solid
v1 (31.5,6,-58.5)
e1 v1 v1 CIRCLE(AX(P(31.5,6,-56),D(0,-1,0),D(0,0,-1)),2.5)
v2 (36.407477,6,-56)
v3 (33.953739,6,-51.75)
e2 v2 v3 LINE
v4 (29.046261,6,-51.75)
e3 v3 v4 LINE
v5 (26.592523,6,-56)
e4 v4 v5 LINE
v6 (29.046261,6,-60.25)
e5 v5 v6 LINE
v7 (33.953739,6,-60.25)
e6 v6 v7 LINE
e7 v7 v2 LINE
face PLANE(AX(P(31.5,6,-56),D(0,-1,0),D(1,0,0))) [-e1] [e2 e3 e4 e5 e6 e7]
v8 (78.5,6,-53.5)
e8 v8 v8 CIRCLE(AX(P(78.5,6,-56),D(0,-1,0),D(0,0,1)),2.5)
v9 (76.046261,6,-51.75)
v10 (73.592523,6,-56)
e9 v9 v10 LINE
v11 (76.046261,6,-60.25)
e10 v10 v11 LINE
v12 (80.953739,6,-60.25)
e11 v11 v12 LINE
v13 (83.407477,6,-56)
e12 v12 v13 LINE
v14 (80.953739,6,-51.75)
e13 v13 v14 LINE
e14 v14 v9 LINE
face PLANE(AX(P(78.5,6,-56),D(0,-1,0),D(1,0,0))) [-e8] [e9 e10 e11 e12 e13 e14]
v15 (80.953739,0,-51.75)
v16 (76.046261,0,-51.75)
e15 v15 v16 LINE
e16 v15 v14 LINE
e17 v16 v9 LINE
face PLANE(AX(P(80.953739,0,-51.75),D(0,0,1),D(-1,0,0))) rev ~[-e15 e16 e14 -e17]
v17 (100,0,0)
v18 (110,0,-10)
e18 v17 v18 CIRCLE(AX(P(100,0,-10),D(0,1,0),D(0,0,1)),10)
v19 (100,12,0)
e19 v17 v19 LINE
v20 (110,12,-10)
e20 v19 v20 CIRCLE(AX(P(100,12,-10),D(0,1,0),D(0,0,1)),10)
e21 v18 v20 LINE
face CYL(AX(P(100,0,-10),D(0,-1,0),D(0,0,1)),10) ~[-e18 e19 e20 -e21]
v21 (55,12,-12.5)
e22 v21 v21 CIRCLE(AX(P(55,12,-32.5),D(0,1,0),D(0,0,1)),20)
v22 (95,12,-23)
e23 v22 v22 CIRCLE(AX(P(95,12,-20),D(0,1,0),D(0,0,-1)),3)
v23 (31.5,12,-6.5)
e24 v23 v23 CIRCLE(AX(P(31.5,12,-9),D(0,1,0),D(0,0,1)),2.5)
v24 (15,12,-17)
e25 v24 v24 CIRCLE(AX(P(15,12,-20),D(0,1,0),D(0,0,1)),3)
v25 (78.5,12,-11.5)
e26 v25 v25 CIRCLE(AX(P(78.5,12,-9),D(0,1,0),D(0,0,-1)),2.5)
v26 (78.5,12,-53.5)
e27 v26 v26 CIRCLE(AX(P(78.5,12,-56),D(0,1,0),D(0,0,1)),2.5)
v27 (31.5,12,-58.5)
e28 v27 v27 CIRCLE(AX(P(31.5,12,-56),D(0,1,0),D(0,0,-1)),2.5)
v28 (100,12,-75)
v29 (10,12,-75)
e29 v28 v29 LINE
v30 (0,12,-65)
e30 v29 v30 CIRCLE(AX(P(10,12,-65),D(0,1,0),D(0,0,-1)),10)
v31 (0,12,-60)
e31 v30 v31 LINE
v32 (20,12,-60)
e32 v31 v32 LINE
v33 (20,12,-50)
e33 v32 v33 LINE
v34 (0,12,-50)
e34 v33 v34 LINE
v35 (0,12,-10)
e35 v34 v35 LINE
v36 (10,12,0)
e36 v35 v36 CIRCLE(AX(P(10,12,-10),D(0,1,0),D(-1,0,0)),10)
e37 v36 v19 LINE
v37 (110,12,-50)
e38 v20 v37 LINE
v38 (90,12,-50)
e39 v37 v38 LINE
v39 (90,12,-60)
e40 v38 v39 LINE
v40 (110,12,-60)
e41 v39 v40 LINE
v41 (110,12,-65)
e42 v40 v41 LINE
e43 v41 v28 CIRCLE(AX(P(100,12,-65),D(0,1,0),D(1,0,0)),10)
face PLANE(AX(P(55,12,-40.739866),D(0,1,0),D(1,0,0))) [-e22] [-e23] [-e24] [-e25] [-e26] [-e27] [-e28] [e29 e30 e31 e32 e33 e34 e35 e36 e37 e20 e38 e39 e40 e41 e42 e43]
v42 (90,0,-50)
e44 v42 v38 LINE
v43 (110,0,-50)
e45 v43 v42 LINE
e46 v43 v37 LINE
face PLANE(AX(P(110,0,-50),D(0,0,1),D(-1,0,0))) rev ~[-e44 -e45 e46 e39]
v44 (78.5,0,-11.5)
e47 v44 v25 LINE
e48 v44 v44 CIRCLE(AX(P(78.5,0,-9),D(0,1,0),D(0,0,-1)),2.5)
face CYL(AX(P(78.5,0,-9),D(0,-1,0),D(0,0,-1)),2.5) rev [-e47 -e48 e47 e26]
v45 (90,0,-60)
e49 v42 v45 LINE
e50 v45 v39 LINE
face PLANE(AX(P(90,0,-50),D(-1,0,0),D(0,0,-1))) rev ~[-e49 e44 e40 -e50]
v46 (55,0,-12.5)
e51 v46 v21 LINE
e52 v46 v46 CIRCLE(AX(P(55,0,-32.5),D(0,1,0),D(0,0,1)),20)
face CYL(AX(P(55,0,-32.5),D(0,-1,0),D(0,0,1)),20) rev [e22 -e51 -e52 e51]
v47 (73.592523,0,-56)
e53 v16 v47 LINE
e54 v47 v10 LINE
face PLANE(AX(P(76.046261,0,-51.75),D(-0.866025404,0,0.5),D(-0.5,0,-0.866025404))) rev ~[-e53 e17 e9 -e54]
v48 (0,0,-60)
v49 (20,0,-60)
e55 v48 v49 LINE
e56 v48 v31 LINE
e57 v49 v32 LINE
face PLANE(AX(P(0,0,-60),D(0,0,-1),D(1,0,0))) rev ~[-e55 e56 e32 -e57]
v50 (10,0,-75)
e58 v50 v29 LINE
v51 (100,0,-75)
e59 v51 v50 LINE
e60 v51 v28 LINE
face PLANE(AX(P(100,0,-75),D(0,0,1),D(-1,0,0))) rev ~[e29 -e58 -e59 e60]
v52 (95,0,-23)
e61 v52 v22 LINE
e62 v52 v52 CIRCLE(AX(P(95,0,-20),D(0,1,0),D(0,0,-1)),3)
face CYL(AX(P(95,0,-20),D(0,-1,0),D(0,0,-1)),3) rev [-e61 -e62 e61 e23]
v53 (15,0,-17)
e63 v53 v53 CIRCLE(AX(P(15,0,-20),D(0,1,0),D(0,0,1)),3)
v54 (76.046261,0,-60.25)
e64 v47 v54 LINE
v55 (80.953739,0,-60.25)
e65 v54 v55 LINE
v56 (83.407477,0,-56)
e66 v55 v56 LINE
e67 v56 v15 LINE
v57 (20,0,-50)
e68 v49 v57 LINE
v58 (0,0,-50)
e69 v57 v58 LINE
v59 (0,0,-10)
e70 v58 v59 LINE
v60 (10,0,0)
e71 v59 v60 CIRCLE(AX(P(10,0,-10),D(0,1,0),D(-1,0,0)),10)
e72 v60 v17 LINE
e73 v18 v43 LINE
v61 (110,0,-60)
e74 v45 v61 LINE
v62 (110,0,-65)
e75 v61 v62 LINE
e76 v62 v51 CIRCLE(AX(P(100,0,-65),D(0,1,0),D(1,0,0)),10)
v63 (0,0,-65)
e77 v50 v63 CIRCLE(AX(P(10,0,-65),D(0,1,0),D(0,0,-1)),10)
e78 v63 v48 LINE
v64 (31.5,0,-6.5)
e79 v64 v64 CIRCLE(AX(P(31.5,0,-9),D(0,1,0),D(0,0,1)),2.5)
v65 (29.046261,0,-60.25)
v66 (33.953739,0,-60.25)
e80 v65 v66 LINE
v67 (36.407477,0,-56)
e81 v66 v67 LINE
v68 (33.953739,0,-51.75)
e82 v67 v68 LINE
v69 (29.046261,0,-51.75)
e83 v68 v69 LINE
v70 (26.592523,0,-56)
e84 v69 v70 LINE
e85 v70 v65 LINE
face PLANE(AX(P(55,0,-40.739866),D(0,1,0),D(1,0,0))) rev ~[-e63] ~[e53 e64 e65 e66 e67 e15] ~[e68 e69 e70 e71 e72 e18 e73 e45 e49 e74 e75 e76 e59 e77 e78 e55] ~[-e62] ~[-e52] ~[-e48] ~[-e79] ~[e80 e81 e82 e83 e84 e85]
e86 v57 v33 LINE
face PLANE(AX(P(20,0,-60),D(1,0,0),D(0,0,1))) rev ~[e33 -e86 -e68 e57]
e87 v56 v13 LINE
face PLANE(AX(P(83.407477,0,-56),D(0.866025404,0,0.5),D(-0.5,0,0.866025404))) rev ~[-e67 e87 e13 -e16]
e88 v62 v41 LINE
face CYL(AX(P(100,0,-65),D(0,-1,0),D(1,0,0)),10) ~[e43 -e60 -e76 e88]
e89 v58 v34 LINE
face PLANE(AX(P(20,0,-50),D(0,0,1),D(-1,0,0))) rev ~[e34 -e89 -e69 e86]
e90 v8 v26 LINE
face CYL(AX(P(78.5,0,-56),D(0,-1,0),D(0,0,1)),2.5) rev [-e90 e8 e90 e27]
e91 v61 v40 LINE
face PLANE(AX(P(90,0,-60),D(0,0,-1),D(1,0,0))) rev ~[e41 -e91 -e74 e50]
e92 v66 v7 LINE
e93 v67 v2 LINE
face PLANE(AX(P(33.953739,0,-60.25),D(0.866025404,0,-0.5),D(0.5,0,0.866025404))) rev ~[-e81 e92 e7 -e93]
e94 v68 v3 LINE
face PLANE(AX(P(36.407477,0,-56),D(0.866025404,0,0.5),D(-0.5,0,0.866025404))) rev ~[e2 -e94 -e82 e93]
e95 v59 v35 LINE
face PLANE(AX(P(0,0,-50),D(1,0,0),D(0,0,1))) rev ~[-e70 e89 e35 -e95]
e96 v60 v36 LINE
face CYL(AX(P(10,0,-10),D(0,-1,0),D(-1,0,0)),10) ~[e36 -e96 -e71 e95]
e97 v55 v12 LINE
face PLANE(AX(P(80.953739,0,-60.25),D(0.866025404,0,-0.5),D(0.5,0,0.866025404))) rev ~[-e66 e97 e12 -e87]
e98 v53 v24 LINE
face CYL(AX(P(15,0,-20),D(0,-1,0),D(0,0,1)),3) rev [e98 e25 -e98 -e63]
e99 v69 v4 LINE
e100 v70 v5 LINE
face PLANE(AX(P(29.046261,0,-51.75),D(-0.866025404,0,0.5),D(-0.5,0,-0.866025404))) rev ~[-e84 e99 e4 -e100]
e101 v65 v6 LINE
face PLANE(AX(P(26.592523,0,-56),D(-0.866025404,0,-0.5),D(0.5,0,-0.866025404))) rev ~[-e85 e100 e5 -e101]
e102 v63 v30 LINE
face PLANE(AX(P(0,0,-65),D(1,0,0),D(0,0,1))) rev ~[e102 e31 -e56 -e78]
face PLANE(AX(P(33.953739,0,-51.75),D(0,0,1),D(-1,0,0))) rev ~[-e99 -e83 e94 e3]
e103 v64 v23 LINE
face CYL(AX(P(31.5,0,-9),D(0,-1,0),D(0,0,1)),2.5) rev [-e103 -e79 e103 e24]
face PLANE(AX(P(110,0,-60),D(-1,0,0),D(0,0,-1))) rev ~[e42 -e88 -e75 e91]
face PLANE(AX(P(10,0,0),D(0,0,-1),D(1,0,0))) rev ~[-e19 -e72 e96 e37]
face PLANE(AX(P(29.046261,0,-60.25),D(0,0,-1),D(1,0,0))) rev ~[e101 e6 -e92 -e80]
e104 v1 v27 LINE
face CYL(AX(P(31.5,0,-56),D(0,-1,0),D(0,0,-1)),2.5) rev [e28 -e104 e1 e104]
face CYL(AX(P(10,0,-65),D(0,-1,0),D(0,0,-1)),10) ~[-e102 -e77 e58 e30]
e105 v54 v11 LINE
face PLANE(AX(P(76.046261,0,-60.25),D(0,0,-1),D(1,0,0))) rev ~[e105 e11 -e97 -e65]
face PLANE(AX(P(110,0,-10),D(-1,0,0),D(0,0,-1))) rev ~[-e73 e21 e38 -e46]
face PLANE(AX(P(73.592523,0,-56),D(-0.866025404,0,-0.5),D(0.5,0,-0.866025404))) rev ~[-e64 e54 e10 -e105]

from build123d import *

# Parameters (mm, degrees)
SKETCH1_R           = 3
SKETCH1_R_2         = 2.5
SKETCH1_R_3         = 20
BOSS_EXTRUDE1_DEPTH = 12
CUT_EXTRUDE1_DEPTH  = 6


with BuildPart() as part:
    # Sketch1 → Boss-Extrude1 (new body)
    with BuildSketch(Plane(origin=(0, 0, 0), x_dir=(1, 0, 0), z_dir=(0, 1, 0))):
        with BuildLine():
            Line((10, 0), (100, 0))
            ThreePointArc((100, 0), (107.071067812, 2.928932188), (110, 10))
            Line((110, 10), (110, 50))
            Line((110, 50), (90, 50))
            Line((90, 50), (90, 60))
            Line((90, 60), (110, 60))
            Line((110, 60), (110, 65))
            ThreePointArc((110, 65), (107.071067812, 72.071067812), (100, 75))
            Line((100, 75), (10, 75))
            ThreePointArc((10, 75), (2.928932188, 72.071067812), (0, 65))
            Line((0, 65), (0, 60))
            Line((0, 60), (20, 60))
            Line((20, 60), (20, 50))
            Line((20, 50), (0, 50))
            Line((0, 50), (0, 10))
            ThreePointArc((0, 10), (2.928932188, 2.928932188), (10, 0))
        make_face()
        with Locations(Location((15, 20, 0), (0, 0, 270))):
            Circle(SKETCH1_R, mode=Mode.SUBTRACT)
        with Locations(Location((78.5, 56, 0), (0, 0, 270))):
            Circle(SKETCH1_R_2, mode=Mode.SUBTRACT)
        with Locations(Location((95, 20, 0), (0, 0, 90))):
            Circle(SKETCH1_R, mode=Mode.SUBTRACT)
        with Locations(Location((55, 32.5, 0), (0, 0, 270))):
            Circle(SKETCH1_R_3, mode=Mode.SUBTRACT)
        with Locations(Location((31.5, 56, 0), (0, 0, 90))):
            Circle(SKETCH1_R_2, mode=Mode.SUBTRACT)
        with Locations(Location((78.5, 9, 0), (0, 0, 90))):
            Circle(SKETCH1_R_2, mode=Mode.SUBTRACT)
        with Locations(Location((31.5, 9, 0), (0, 0, 270))):
            Circle(SKETCH1_R_2, mode=Mode.SUBTRACT)
    extrude(amount=BOSS_EXTRUDE1_DEPTH)

    # Sketch2 → Cut-Extrude1 (cut)
    with BuildSketch(Plane.XZ):
        Polygon((29.046261356, -51.75), (26.592522712, -56), (29.046261356, -60.25), (33.953738644, -60.25), (36.407477288, -56), (33.953738644, -51.75), align=None)
        Polygon((76.046261356, -51.75), (73.592522712, -56), (76.046261356, -60.25), (80.953738644, -60.25), (83.407477288, -56), (80.953738644, -51.75), align=None)
    extrude(amount=-CUT_EXTRUDE1_DEPTH, mode=Mode.SUBTRACT)


solid = part.part
